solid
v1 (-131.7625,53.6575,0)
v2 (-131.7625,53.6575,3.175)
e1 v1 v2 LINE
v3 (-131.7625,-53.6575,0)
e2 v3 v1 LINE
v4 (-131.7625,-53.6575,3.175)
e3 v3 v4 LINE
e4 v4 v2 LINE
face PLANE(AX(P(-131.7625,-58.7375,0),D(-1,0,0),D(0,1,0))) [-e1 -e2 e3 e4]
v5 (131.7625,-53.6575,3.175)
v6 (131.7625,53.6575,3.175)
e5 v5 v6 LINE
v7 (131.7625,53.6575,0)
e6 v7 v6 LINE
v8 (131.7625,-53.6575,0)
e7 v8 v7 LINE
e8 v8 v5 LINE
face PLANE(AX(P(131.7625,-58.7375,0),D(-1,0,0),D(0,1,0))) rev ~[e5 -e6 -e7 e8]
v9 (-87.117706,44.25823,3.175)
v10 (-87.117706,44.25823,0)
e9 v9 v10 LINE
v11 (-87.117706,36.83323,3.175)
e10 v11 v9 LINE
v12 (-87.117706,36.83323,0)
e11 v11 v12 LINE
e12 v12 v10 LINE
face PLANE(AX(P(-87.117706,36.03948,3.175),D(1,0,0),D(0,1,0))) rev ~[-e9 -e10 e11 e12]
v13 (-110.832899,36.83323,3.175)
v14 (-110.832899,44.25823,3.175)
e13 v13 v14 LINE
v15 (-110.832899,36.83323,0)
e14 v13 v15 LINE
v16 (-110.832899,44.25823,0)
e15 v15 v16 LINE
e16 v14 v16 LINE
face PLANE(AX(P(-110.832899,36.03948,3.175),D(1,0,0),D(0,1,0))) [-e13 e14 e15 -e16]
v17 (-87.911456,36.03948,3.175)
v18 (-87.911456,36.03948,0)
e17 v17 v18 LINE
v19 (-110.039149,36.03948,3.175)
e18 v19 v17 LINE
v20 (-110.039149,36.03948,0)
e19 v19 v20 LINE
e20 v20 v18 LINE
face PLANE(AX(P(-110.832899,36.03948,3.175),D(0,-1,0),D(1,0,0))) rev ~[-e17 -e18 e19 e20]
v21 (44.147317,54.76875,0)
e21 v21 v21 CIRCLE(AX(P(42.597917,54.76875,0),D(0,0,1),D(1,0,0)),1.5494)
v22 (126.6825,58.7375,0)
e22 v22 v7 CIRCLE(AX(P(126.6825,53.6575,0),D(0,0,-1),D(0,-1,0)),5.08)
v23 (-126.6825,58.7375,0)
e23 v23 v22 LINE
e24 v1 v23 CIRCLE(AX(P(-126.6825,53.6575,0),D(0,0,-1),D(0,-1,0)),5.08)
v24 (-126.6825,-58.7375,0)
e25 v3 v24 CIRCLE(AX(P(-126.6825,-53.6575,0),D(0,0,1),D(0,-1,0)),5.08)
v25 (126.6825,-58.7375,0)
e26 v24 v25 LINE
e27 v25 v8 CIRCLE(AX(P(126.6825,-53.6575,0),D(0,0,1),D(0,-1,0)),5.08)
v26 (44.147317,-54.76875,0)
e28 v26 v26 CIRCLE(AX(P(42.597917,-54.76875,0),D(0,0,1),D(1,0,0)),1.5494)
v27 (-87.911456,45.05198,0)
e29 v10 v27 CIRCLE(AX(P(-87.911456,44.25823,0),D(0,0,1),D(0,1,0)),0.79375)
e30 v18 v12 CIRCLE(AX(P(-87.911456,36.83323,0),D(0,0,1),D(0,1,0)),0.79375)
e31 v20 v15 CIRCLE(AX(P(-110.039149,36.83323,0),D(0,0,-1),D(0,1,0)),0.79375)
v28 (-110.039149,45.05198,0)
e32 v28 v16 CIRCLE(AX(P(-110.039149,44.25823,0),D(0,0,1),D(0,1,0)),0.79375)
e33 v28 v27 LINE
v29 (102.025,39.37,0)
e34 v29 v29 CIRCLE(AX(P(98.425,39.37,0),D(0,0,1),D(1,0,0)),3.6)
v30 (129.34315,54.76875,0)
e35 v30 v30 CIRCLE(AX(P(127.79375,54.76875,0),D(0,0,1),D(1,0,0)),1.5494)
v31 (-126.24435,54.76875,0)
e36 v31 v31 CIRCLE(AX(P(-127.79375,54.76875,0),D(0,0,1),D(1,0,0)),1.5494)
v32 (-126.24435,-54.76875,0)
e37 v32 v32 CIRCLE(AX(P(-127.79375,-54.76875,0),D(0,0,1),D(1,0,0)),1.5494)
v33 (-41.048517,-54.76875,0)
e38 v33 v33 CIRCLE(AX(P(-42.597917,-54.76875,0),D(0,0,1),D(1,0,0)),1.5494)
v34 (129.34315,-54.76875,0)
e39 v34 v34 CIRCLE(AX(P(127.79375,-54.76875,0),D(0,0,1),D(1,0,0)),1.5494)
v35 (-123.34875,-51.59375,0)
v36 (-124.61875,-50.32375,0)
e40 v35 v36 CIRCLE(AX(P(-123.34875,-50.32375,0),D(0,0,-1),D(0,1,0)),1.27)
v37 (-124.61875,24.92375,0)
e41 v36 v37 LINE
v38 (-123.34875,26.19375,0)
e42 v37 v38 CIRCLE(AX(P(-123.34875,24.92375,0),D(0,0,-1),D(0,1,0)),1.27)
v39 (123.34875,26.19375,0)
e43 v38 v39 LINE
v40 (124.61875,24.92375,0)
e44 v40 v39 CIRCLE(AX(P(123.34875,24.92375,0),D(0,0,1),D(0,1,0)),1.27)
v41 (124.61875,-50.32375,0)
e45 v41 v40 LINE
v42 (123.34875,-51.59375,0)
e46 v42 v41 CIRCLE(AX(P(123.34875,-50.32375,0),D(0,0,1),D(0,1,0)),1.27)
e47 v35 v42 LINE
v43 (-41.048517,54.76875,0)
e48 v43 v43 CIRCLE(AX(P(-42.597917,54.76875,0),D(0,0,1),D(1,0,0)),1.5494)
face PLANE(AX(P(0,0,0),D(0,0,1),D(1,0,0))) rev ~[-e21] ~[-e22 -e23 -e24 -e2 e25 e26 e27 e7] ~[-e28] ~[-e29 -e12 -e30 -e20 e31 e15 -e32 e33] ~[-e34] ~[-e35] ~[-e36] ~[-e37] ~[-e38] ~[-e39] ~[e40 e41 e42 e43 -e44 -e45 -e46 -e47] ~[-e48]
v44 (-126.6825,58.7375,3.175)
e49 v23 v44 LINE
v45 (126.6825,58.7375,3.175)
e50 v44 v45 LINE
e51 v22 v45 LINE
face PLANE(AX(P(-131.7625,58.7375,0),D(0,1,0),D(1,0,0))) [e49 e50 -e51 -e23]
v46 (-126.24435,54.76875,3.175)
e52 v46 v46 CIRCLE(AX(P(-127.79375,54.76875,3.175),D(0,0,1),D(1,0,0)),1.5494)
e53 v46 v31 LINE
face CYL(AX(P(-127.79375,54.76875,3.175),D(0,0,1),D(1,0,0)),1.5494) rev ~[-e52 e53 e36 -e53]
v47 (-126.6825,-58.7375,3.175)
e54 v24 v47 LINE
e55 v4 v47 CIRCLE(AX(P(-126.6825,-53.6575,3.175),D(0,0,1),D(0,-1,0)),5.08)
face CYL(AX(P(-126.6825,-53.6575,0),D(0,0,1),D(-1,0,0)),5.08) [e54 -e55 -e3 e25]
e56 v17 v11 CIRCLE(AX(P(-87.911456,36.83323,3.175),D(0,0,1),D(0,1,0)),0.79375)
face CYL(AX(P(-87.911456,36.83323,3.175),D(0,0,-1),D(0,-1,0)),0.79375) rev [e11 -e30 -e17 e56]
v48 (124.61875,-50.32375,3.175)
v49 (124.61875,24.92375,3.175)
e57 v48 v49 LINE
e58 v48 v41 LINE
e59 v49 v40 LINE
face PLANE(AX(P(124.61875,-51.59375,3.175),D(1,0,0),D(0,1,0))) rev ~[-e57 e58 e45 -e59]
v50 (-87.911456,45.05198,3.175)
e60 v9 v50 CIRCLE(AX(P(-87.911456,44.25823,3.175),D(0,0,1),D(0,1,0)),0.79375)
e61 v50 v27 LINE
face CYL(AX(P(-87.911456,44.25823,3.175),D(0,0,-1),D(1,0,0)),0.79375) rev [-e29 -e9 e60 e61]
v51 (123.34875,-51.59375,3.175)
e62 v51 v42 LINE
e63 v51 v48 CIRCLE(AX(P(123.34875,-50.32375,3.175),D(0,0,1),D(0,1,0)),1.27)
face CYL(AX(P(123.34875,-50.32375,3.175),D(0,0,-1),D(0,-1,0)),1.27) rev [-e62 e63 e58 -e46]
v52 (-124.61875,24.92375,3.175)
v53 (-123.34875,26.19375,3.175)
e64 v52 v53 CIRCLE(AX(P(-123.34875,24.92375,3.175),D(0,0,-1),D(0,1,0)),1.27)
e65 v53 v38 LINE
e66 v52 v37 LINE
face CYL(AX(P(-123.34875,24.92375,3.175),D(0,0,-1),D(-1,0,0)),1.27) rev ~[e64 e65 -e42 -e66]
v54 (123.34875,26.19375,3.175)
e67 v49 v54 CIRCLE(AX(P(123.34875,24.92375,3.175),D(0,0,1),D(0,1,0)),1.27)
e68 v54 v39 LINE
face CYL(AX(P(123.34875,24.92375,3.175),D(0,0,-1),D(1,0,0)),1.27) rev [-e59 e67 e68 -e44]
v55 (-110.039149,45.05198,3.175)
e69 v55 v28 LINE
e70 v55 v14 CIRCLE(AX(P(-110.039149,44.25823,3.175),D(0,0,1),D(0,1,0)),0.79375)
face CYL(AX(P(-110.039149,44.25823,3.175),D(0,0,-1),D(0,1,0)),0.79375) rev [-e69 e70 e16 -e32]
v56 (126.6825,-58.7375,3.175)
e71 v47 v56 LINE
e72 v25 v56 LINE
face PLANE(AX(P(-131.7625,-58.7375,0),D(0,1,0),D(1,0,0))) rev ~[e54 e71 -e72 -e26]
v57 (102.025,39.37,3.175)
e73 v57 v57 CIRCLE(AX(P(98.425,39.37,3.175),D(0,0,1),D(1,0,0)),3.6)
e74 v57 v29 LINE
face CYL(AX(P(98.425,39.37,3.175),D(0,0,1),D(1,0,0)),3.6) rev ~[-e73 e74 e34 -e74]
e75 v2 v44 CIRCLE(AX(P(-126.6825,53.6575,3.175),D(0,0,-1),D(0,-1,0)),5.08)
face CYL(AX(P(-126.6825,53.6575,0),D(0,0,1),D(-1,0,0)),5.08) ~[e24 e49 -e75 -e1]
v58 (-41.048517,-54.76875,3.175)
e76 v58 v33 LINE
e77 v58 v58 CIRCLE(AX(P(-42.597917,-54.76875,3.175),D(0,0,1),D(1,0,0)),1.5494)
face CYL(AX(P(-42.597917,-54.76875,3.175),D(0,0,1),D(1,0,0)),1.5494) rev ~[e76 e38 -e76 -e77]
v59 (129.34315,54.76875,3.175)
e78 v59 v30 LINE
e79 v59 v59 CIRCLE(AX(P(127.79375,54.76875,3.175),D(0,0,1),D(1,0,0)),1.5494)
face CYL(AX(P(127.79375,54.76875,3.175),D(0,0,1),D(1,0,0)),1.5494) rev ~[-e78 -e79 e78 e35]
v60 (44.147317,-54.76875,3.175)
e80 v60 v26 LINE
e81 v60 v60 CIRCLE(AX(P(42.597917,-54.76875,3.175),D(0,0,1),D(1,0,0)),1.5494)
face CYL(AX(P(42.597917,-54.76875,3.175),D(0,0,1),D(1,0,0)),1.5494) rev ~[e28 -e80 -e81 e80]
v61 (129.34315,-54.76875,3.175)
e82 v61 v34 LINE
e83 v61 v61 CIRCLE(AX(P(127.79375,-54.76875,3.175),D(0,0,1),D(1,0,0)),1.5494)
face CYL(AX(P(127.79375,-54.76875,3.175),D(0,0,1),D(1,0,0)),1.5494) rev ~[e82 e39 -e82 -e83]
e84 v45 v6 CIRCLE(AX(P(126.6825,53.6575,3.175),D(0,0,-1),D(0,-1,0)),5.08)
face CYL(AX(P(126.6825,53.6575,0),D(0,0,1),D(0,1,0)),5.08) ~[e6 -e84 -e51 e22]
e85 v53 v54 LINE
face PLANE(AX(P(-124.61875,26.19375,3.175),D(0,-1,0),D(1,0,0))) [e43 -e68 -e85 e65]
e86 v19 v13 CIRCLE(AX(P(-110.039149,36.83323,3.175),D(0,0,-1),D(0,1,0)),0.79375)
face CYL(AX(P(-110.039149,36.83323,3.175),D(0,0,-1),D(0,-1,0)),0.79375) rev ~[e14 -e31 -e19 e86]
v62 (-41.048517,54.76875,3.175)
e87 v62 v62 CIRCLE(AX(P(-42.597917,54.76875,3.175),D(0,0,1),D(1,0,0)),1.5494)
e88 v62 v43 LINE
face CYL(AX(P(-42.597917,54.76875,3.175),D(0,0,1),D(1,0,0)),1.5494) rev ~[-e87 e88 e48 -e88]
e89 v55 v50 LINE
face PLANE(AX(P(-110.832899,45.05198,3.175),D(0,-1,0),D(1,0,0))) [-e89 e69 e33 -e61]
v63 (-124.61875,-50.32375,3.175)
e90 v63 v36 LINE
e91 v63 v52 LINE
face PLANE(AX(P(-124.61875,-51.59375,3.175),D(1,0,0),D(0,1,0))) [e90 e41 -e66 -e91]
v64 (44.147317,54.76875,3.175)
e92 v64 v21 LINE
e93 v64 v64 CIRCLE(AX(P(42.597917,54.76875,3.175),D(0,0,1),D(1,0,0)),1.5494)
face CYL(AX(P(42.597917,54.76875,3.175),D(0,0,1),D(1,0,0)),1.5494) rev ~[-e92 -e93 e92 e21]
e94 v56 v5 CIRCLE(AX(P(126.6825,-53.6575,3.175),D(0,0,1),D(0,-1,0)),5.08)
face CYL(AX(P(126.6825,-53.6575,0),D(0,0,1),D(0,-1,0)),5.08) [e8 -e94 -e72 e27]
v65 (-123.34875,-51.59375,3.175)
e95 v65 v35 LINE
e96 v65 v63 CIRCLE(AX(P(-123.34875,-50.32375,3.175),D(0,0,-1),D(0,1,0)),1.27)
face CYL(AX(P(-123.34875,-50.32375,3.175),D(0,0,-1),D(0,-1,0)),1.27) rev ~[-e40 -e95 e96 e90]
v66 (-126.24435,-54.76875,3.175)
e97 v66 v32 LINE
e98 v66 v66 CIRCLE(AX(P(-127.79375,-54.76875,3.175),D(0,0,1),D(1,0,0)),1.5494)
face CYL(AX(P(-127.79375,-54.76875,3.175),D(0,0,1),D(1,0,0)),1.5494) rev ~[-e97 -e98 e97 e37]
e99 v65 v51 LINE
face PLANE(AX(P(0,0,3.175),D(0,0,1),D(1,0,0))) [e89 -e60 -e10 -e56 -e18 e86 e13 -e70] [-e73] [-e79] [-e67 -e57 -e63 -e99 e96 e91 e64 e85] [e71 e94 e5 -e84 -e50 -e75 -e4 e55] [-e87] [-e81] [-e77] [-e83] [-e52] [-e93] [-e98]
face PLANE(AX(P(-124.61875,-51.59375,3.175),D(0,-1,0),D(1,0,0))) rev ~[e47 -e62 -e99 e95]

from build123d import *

# Parameters (mm, degrees)
SKETCH_W        = 263.525
SKETCH_H        = 117.475
PAD_DEPTH       = 3.175
SKETCH002_W     = 249.2375
SKETCH002_H     = 77.7875
POCKET_DEPTH    = 3.176
SKETCH003_R     = 3.6
POCKET001_DEPTH = 3.176
SKETCH001_R     = 1.5494
HOLE_DEPTH      = 3.176
FILLET_R        = 5.08
FILLET001_R     = 1.27
SKETCH004_W     = 23.715193
SKETCH004_H     = 9.0125
POCKET002_DEPTH = 3.176
FILLET002_R     = 0.79375


with BuildPart() as part:
    # Sketch → Pad (new body)
    with BuildSketch(Plane.XY):
        Rectangle(SKETCH_W, SKETCH_H)
    extrude(amount=PAD_DEPTH)

    # Sketch002 (on Face6 of Pad) → Pocket (cut, through all)
    with BuildSketch(Plane.XY.offset(3.175)):
        with Locations((0, -12.7)):
            Rectangle(SKETCH002_W, SKETCH002_H)
    extrude(amount=-POCKET_DEPTH, mode=Mode.SUBTRACT)

    # Sketch003 (on Face5 of Pocket) → Pocket001 (cut, through all)
    with BuildSketch(Plane.XY.offset(3.175)):
        with Locations((98.425, 39.37)):
            Circle(SKETCH003_R)
    extrude(amount=-POCKET001_DEPTH, mode=Mode.SUBTRACT)

    # Sketch001 (on Face6 of Pad) → Hole (cut, through all)
    with BuildSketch(Plane.XY.offset(3.175)):
        with Locations((-42.597917, 54.76875)):
            Circle(SKETCH001_R)
        with Locations((42.597917, 54.76875)):
            Circle(SKETCH001_R)
        with Locations((42.597917, -54.76875)):
            Circle(SKETCH001_R)
        with Locations((-42.597917, -54.76875)):
            Circle(SKETCH001_R)
        with Locations((-127.79375, -54.76875)):
            Circle(SKETCH001_R)
        with Locations((-127.79375, 54.76875)):
            Circle(SKETCH001_R)
        with Locations((127.79375, 54.76875)):
            Circle(SKETCH001_R)
        with Locations((127.79375, -54.76875)):
            Circle(SKETCH001_R)
    extrude(amount=-HOLE_DEPTH, mode=Mode.SUBTRACT)

    # Fillet
    fillet_edges = [part.edges().sort_by_distance(p)[0] for p in [
        (-131.7625, 58.7375, 1.5875),
        (-131.7625, -58.7375, 1.5875),
        (131.7625, -58.7375, 1.5875),
        (131.7625, 58.7375, 1.5875),
    ]]
    fillet(fillet_edges, radius=FILLET_R)

    # Fillet001
    fillet001_edges = [part.edges().sort_by_distance(p)[0] for p in [
        (-124.61875, -51.59375, 1.5875),
        (-124.61875, 26.19375, 1.5875),
        (124.61875, 26.19375, 1.5875),
        (124.61875, -51.59375, 1.5875),
    ]]
    fillet(fillet001_edges, radius=FILLET001_R)

    # Sketch004 (on Face5 of Pocket001) → Pocket002 (cut, through all)
    with BuildSketch(Plane.XY.offset(3.175)):
        with Locations((-98.975303, 40.54573)):
            Rectangle(SKETCH004_W, SKETCH004_H)
    extrude(amount=-POCKET002_DEPTH, mode=Mode.SUBTRACT)

    # Fillet002
    fillet002_edges = [part.edges().sort_by_distance(p)[0] for p in [
        (-110.8329, 45.05198, 1.5875),
        (-87.117707, 45.05198, 1.5875),
        (-87.117707, 36.03948, 1.5875),
        (-110.8329, 36.03948, 1.5875),
    ]]
    fillet(fillet002_edges, radius=FILLET002_R)


solid = part.part
